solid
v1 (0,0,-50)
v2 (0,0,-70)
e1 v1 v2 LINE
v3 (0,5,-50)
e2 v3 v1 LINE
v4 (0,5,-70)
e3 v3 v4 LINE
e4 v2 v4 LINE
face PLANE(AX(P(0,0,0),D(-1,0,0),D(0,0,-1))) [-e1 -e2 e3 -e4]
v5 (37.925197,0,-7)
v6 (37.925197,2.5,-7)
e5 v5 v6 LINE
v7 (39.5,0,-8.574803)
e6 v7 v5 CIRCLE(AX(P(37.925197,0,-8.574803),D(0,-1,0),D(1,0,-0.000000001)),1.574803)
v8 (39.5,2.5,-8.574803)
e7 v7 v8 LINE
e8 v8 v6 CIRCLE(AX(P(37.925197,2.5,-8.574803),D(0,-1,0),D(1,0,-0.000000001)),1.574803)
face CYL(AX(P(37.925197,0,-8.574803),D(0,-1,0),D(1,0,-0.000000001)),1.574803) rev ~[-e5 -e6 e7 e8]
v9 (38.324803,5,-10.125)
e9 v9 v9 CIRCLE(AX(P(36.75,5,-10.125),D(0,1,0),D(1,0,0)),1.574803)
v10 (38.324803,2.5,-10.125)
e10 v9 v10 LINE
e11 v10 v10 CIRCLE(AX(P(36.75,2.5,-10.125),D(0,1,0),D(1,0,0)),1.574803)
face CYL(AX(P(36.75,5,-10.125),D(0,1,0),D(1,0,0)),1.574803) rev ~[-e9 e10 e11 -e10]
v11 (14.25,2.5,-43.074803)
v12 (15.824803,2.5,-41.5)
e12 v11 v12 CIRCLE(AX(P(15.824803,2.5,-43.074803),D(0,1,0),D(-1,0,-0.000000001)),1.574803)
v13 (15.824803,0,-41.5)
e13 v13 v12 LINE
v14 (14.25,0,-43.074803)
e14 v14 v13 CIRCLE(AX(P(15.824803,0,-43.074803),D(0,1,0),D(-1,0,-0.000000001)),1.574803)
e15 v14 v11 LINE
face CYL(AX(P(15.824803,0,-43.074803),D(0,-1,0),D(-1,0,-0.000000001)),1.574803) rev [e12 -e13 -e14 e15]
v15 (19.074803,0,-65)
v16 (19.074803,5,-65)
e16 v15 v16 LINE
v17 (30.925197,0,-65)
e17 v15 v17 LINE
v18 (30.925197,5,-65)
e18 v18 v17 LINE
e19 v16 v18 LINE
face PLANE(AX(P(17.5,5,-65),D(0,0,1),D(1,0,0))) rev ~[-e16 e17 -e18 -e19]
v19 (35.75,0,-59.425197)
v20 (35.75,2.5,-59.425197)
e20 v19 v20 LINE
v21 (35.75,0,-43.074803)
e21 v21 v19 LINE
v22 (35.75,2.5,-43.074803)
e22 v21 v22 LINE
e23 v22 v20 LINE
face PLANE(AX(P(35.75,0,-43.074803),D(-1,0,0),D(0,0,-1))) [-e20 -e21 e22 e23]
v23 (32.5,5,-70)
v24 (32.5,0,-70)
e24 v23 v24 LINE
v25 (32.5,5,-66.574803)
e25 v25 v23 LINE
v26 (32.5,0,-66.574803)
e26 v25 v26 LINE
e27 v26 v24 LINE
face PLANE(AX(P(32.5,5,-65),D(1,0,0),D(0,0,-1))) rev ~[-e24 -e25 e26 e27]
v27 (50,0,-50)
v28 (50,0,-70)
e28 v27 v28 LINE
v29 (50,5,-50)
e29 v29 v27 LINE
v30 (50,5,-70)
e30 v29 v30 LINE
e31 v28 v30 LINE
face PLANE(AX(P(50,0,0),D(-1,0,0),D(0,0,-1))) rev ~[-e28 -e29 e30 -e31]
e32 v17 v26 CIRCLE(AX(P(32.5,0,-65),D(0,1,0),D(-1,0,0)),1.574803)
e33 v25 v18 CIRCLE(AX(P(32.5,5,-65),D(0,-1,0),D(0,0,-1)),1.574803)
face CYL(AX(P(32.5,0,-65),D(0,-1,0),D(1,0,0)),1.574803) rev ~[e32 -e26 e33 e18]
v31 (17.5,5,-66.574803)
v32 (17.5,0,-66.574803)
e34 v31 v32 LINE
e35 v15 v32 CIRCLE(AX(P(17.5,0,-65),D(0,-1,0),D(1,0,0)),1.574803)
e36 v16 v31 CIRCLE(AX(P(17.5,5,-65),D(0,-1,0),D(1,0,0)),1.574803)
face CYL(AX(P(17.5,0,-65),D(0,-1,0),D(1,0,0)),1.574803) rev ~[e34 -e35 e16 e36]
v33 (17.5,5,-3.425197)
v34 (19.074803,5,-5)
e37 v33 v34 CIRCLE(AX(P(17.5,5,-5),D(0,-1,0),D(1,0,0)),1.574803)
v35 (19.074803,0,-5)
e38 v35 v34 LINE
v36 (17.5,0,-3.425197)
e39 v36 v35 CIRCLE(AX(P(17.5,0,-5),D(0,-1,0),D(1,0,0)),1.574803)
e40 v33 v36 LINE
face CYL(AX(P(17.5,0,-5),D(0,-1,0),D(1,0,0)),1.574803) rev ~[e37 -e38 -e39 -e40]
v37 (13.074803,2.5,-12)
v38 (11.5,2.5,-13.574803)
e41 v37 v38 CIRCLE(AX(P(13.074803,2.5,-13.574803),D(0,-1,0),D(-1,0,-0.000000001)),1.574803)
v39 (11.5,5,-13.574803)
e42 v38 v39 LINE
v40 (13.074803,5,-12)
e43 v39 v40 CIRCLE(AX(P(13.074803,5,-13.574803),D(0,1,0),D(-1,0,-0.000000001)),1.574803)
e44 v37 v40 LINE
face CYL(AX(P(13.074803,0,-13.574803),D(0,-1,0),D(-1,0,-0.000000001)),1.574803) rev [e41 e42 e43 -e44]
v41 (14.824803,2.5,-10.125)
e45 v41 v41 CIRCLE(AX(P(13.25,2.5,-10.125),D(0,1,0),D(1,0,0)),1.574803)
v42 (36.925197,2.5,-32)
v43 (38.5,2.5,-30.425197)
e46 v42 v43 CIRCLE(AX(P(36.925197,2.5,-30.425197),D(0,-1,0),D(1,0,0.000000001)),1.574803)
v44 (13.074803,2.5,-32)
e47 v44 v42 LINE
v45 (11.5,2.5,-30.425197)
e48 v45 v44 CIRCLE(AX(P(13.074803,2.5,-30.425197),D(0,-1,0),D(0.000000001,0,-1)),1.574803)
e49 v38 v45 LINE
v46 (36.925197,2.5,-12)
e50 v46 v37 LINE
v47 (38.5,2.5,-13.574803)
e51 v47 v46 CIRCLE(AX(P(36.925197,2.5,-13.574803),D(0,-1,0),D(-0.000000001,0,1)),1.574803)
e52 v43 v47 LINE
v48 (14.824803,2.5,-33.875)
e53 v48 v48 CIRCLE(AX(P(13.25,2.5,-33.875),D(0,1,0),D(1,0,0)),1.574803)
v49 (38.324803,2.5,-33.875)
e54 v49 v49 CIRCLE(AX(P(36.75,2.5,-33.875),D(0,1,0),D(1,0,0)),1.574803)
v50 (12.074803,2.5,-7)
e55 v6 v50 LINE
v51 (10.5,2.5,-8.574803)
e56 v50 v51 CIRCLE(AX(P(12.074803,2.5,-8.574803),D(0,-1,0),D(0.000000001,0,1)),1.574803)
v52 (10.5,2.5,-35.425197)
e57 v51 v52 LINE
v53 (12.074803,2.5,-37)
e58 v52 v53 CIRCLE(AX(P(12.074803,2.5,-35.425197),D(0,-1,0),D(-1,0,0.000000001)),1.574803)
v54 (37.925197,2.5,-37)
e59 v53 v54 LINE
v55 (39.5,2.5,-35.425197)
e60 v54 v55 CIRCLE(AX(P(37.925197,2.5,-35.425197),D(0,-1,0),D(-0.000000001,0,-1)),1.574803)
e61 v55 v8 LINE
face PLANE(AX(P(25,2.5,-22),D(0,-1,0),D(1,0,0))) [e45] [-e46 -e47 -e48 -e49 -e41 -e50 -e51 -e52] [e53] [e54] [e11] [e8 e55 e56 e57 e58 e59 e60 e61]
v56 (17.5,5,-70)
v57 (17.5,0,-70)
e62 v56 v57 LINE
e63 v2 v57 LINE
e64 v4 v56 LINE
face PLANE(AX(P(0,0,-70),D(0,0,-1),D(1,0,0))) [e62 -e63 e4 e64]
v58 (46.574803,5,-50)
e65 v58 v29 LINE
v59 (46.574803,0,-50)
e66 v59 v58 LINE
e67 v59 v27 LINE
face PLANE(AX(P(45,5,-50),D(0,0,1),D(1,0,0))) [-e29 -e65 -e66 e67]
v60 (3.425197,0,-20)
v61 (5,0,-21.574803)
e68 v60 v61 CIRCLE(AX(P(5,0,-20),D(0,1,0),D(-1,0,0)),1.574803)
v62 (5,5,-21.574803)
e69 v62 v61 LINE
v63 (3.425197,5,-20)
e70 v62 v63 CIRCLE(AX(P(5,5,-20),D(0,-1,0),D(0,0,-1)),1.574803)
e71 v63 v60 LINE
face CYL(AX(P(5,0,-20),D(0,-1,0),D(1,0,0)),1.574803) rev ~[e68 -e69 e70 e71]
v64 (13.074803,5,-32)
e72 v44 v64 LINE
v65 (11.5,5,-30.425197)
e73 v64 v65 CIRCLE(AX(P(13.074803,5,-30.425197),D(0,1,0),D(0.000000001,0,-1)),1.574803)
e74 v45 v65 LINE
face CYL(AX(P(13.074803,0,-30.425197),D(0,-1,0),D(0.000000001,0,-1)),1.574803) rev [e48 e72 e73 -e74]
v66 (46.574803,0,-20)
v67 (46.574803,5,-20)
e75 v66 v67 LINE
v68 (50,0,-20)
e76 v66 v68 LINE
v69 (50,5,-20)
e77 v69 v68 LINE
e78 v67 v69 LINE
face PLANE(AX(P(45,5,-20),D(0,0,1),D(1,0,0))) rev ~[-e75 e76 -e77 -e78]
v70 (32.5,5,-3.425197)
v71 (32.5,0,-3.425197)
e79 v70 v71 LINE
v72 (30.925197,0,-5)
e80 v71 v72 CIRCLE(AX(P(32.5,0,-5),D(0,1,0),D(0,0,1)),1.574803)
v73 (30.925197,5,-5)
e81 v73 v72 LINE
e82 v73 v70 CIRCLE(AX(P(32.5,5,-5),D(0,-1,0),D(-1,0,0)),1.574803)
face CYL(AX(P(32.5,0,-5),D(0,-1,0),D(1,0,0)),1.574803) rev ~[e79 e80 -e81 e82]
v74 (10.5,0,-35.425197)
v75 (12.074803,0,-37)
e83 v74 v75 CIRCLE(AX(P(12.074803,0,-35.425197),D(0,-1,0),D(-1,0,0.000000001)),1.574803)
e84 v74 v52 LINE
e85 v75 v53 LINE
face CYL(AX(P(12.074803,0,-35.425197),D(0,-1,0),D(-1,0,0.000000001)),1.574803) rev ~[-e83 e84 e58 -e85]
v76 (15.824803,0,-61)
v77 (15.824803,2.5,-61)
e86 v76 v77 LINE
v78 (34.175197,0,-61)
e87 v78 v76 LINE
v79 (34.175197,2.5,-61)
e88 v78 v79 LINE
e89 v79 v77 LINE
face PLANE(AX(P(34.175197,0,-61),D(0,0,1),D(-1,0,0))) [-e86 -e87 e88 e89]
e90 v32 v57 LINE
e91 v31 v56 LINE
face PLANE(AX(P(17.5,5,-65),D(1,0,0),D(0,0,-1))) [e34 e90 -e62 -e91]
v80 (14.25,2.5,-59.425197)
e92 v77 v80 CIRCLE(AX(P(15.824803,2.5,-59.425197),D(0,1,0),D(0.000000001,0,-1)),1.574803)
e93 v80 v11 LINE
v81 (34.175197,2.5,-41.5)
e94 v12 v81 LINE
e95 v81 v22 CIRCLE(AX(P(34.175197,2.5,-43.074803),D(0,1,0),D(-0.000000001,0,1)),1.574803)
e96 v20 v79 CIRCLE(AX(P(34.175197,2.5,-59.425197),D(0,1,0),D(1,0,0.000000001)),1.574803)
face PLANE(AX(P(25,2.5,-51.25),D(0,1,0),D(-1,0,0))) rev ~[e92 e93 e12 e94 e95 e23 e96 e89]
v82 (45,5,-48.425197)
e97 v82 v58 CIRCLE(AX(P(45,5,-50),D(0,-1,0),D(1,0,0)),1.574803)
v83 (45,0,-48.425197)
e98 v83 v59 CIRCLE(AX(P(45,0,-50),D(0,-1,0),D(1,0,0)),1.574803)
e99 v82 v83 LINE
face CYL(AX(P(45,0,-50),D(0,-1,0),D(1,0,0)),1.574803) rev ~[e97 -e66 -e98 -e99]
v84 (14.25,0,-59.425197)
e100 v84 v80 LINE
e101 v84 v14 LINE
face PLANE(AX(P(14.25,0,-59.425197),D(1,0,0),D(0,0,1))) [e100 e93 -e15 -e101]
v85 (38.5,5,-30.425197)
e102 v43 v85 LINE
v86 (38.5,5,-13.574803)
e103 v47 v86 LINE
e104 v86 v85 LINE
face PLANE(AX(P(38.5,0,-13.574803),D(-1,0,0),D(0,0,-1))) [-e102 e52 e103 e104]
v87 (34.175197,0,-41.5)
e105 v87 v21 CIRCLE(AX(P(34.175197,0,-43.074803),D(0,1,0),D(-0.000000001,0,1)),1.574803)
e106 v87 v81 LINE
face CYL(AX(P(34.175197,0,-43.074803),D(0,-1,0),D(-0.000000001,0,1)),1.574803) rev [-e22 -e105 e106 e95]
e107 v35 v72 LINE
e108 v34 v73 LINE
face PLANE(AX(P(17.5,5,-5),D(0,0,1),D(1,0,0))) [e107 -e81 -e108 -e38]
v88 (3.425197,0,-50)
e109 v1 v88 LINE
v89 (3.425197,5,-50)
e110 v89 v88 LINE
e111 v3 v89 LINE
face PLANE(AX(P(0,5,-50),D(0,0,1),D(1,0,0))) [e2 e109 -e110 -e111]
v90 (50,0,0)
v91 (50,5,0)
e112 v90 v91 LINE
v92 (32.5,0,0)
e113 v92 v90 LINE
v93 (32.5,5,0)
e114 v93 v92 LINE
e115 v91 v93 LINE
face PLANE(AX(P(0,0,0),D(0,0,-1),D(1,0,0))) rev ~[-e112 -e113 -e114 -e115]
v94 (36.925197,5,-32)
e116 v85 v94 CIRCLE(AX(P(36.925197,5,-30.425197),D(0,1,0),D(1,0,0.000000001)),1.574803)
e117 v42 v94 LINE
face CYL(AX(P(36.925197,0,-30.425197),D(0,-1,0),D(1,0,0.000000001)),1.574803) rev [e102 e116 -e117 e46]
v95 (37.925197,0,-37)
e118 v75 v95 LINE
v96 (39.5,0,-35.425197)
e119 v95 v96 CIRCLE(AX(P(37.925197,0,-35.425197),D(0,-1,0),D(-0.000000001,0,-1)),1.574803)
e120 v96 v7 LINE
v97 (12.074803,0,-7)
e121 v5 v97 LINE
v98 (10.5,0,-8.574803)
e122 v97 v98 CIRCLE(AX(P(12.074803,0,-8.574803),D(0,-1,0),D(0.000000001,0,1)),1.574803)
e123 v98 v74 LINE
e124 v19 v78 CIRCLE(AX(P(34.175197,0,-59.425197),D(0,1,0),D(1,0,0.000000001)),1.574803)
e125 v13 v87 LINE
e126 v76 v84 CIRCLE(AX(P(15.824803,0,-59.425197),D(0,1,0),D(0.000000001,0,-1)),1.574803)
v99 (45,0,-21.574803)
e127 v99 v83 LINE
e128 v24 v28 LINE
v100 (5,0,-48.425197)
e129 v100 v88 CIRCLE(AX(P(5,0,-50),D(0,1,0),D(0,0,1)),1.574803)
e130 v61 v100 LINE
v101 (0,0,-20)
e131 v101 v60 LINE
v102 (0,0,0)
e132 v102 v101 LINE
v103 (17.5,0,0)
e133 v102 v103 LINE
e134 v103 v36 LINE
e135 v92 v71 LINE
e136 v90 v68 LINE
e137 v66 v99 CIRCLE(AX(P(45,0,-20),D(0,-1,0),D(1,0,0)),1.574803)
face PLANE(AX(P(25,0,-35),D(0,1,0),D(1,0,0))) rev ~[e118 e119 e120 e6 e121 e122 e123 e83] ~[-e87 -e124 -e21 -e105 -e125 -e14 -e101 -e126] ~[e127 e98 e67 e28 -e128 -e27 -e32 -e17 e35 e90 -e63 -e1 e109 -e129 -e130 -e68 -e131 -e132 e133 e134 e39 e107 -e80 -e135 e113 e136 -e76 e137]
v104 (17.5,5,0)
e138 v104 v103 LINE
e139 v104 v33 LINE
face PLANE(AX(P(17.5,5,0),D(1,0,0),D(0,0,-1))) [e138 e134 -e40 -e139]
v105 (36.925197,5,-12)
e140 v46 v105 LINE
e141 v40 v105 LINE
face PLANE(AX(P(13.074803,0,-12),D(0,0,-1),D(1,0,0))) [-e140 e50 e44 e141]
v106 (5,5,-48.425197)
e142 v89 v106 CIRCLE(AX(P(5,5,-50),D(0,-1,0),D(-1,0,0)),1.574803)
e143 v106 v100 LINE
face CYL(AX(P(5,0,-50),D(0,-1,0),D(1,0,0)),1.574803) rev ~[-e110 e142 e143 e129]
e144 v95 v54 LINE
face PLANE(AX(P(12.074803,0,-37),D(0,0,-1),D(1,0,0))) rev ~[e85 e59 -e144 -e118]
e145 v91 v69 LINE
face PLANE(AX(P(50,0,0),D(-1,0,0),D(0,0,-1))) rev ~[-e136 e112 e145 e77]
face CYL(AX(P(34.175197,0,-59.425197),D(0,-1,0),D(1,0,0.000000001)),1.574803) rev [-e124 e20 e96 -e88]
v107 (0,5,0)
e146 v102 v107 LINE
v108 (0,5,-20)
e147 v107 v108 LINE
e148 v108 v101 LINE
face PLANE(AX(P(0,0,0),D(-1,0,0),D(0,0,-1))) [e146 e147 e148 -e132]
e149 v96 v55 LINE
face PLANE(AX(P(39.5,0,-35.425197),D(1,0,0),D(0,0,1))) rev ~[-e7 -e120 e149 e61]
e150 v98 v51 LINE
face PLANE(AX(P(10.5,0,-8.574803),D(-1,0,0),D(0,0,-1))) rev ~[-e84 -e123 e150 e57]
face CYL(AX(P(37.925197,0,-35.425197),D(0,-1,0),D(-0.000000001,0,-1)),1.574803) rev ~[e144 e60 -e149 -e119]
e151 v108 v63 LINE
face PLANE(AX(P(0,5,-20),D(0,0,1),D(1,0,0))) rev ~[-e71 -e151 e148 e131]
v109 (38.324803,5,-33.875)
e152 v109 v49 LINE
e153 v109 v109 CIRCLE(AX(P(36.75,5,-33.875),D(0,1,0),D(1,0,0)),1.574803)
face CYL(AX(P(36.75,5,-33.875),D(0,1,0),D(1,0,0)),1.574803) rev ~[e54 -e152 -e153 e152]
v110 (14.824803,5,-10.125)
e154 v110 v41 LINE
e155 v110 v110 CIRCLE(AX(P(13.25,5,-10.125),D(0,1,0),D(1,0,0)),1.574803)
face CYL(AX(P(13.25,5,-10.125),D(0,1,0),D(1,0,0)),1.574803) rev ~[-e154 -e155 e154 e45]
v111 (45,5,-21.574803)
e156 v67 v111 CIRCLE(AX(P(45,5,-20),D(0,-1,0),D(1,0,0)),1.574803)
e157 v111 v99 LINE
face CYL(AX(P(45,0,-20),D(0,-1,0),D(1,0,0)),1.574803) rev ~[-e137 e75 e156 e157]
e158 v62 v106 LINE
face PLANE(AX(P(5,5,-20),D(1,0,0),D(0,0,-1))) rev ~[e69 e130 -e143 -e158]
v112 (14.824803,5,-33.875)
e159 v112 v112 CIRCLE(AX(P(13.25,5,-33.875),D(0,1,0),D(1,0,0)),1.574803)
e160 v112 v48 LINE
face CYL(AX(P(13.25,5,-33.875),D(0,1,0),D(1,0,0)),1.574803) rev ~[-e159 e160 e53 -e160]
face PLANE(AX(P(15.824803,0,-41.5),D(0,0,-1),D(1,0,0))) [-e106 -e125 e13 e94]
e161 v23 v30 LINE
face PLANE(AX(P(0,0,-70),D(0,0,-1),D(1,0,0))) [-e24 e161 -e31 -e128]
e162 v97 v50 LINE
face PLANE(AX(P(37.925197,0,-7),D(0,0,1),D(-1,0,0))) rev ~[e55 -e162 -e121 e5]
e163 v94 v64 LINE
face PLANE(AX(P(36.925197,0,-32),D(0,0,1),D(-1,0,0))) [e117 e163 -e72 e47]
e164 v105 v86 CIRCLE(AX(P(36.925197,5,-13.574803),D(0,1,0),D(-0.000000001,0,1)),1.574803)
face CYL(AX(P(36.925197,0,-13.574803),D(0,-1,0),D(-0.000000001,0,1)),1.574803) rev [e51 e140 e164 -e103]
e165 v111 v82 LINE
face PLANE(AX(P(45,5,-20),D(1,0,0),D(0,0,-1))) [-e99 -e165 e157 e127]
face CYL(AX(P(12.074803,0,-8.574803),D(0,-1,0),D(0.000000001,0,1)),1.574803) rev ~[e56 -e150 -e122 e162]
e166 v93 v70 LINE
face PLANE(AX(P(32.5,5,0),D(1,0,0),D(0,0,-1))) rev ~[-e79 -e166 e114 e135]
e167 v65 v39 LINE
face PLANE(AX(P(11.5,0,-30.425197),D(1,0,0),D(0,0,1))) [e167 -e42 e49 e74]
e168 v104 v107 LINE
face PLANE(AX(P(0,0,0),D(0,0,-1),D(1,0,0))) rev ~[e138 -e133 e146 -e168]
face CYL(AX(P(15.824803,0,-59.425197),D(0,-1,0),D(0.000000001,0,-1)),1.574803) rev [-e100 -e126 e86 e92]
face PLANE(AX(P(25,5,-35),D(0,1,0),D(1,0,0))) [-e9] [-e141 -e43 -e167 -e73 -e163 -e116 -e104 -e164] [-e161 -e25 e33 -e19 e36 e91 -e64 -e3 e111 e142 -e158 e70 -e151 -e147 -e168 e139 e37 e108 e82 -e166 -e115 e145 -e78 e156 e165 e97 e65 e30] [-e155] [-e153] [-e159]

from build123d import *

# Parameters (mm, degrees)
SKETCH1_W               = 50
SKETCH1_H               = 70
BOSS_EXTRUDE1_DEPTH     = 5
CUT_EXTRUDE1_DEPTH      = 2.5
SKETCH3_R               = 1.57480315
CUT_EXTRUDE5_DEPTH      = 6
CUT_EXTRUDE2_DEPTH      = 2.5
SKETCH5_W               = 5
SKETCH5_H               = 30
SKETCH5_W_2             = 15
SKETCH5_H_2             = 5
CUT_EXTRUDE3_DEPTH      = 1
CUT_EXTRUDE3_DEPTH_BACK = 6
SKETCH6_R               = 1.57480315
CUT_EXTRUDE4_DEPTH      = 6


with BuildPart() as part:
    # Sketch1 → Boss-Extrude1 (new body)
    with BuildSketch(Plane(origin=(0, 0, 0), x_dir=(1, 0, 0), z_dir=(0, 1, 0))):
        with Locations((25, 35)):
            Rectangle(SKETCH1_W, SKETCH1_H)
        with BuildLine():
            Line((13.07480315, 12), (36.92519685, 12))
            ThreePointArc((36.92519685, 12), (38.038750837, 12.461249163), (38.5, 13.57480315))
            Line((38.5, 13.57480315), (38.5, 30.42519685))
            ThreePointArc((38.5, 30.42519685), (38.038750837, 31.538750837), (36.92519685, 32))
            Line((36.92519685, 32), (13.07480315, 32))
            ThreePointArc((13.07480315, 32), (11.961249163, 31.538750837), (11.5, 30.42519685))
            Line((11.5, 30.42519685), (11.5, 13.57480315))
            ThreePointArc((11.5, 13.57480315), (11.961249163, 12.461249163), (13.07480315, 12))
        make_face(mode=Mode.SUBTRACT)
    extrude(amount=BOSS_EXTRUDE1_DEPTH)

    # Sketch2 → Cut-Extrude1 (cut)
    with BuildSketch(Plane.XZ):
        with BuildLine():
            Line((12.07480315, -37), (37.92519685, -37))
            ThreePointArc((37.92519685, -37), (39.038750837, -36.538750837), (39.5, -35.42519685))
            Line((39.5, -35.42519685), (39.5, -8.57480315))
            ThreePointArc((39.5, -8.57480315), (39.038750837, -7.461249163), (37.92519685, -7))
            Line((37.92519685, -7), (12.07480315, -7))
            ThreePointArc((12.07480315, -7), (10.961249163, -7.461249163), (10.5, -8.57480315))
            Line((10.5, -8.57480315), (10.5, -35.42519685))
            ThreePointArc((10.5, -35.42519685), (10.961249163, -36.538750837), (12.07480315, -37))
        make_face()
    extrude(amount=-CUT_EXTRUDE1_DEPTH, mode=Mode.SUBTRACT)

    # Sketch3 → Cut-Extrude5 (cut, through all)
    with BuildSketch(Plane(origin=(0, 5, 0), x_dir=(1, 0, 0), z_dir=(0, 1, 0))):
        with Locations((13.25, 33.875)):
            Circle(SKETCH3_R)
        with Locations((36.75, 33.875)):
            Circle(SKETCH3_R)
        with Locations((36.75, 10.125)):
            Circle(SKETCH3_R)
        with Locations((13.25, 10.125)):
            Circle(SKETCH3_R)
    extrude(amount=-CUT_EXTRUDE5_DEPTH, mode=Mode.SUBTRACT)

    # Sketch4 → Cut-Extrude2 (cut)
    with BuildSketch(Plane.XZ):
        with BuildLine():
            Line((34.17519685, -61), (15.82480315, -61))
            ThreePointArc((15.82480315, -61), (14.711249163, -60.538750837), (14.25, -59.42519685))
            Line((14.25, -59.42519685), (14.25, -43.07480315))
            ThreePointArc((14.25, -43.07480315), (14.711249163, -41.961249163), (15.82480315, -41.5))
            Line((15.82480315, -41.5), (34.17519685, -41.5))
            ThreePointArc((34.17519685, -41.5), (35.288750837, -41.961249163), (35.75, -43.07480315))
            Line((35.75, -43.07480315), (35.75, -59.42519685))
            ThreePointArc((35.75, -59.42519685), (35.288750837, -60.538750837), (34.17519685, -61))
        make_face()
    extrude(amount=-CUT_EXTRUDE2_DEPTH, mode=Mode.SUBTRACT)

    # Sketch5 → Cut-Extrude3 (cut, two sides)
    with BuildSketch(Plane(origin=(0, 5, 0), x_dir=(1, 0, 0), z_dir=(0, 1, 0))) as cut_extrude3_sk:
        with Locations((2.5, 35)):
            Rectangle(SKETCH5_W, SKETCH5_H)
        with Locations((25, 67.5)):
            Rectangle(SKETCH5_W_2, SKETCH5_H_2)
        with Locations((47.5, 35)):
            Rectangle(SKETCH5_W, SKETCH5_H)
        with Locations((25, 2.5)):
            Rectangle(SKETCH5_W_2, SKETCH5_H_2)
    extrude(amount=CUT_EXTRUDE3_DEPTH, mode=Mode.SUBTRACT)
    extrude(cut_extrude3_sk.sketch, amount=-CUT_EXTRUDE3_DEPTH_BACK, mode=Mode.SUBTRACT)

    # Sketch6 → Cut-Extrude4 (cut, through all)
    with BuildSketch(Plane.XZ):
        with Locations((5, -50)):
            Circle(SKETCH6_R)
        with Locations((5, -20)):
            Circle(SKETCH6_R)
        with Locations((17.5, -5)):
            Circle(SKETCH6_R)
        with Locations((32.5, -5)):
            Circle(SKETCH6_R)
        with Locations((45, -20)):
            Circle(SKETCH6_R)
        with Locations((45, -50)):
            Circle(SKETCH6_R)
        with Locations((32.5, -65)):
            Circle(SKETCH6_R)
        with Locations((17.5, -65)):
            Circle(SKETCH6_R)
    extrude(amount=-CUT_EXTRUDE4_DEPTH, mode=Mode.SUBTRACT)


solid = part.part
